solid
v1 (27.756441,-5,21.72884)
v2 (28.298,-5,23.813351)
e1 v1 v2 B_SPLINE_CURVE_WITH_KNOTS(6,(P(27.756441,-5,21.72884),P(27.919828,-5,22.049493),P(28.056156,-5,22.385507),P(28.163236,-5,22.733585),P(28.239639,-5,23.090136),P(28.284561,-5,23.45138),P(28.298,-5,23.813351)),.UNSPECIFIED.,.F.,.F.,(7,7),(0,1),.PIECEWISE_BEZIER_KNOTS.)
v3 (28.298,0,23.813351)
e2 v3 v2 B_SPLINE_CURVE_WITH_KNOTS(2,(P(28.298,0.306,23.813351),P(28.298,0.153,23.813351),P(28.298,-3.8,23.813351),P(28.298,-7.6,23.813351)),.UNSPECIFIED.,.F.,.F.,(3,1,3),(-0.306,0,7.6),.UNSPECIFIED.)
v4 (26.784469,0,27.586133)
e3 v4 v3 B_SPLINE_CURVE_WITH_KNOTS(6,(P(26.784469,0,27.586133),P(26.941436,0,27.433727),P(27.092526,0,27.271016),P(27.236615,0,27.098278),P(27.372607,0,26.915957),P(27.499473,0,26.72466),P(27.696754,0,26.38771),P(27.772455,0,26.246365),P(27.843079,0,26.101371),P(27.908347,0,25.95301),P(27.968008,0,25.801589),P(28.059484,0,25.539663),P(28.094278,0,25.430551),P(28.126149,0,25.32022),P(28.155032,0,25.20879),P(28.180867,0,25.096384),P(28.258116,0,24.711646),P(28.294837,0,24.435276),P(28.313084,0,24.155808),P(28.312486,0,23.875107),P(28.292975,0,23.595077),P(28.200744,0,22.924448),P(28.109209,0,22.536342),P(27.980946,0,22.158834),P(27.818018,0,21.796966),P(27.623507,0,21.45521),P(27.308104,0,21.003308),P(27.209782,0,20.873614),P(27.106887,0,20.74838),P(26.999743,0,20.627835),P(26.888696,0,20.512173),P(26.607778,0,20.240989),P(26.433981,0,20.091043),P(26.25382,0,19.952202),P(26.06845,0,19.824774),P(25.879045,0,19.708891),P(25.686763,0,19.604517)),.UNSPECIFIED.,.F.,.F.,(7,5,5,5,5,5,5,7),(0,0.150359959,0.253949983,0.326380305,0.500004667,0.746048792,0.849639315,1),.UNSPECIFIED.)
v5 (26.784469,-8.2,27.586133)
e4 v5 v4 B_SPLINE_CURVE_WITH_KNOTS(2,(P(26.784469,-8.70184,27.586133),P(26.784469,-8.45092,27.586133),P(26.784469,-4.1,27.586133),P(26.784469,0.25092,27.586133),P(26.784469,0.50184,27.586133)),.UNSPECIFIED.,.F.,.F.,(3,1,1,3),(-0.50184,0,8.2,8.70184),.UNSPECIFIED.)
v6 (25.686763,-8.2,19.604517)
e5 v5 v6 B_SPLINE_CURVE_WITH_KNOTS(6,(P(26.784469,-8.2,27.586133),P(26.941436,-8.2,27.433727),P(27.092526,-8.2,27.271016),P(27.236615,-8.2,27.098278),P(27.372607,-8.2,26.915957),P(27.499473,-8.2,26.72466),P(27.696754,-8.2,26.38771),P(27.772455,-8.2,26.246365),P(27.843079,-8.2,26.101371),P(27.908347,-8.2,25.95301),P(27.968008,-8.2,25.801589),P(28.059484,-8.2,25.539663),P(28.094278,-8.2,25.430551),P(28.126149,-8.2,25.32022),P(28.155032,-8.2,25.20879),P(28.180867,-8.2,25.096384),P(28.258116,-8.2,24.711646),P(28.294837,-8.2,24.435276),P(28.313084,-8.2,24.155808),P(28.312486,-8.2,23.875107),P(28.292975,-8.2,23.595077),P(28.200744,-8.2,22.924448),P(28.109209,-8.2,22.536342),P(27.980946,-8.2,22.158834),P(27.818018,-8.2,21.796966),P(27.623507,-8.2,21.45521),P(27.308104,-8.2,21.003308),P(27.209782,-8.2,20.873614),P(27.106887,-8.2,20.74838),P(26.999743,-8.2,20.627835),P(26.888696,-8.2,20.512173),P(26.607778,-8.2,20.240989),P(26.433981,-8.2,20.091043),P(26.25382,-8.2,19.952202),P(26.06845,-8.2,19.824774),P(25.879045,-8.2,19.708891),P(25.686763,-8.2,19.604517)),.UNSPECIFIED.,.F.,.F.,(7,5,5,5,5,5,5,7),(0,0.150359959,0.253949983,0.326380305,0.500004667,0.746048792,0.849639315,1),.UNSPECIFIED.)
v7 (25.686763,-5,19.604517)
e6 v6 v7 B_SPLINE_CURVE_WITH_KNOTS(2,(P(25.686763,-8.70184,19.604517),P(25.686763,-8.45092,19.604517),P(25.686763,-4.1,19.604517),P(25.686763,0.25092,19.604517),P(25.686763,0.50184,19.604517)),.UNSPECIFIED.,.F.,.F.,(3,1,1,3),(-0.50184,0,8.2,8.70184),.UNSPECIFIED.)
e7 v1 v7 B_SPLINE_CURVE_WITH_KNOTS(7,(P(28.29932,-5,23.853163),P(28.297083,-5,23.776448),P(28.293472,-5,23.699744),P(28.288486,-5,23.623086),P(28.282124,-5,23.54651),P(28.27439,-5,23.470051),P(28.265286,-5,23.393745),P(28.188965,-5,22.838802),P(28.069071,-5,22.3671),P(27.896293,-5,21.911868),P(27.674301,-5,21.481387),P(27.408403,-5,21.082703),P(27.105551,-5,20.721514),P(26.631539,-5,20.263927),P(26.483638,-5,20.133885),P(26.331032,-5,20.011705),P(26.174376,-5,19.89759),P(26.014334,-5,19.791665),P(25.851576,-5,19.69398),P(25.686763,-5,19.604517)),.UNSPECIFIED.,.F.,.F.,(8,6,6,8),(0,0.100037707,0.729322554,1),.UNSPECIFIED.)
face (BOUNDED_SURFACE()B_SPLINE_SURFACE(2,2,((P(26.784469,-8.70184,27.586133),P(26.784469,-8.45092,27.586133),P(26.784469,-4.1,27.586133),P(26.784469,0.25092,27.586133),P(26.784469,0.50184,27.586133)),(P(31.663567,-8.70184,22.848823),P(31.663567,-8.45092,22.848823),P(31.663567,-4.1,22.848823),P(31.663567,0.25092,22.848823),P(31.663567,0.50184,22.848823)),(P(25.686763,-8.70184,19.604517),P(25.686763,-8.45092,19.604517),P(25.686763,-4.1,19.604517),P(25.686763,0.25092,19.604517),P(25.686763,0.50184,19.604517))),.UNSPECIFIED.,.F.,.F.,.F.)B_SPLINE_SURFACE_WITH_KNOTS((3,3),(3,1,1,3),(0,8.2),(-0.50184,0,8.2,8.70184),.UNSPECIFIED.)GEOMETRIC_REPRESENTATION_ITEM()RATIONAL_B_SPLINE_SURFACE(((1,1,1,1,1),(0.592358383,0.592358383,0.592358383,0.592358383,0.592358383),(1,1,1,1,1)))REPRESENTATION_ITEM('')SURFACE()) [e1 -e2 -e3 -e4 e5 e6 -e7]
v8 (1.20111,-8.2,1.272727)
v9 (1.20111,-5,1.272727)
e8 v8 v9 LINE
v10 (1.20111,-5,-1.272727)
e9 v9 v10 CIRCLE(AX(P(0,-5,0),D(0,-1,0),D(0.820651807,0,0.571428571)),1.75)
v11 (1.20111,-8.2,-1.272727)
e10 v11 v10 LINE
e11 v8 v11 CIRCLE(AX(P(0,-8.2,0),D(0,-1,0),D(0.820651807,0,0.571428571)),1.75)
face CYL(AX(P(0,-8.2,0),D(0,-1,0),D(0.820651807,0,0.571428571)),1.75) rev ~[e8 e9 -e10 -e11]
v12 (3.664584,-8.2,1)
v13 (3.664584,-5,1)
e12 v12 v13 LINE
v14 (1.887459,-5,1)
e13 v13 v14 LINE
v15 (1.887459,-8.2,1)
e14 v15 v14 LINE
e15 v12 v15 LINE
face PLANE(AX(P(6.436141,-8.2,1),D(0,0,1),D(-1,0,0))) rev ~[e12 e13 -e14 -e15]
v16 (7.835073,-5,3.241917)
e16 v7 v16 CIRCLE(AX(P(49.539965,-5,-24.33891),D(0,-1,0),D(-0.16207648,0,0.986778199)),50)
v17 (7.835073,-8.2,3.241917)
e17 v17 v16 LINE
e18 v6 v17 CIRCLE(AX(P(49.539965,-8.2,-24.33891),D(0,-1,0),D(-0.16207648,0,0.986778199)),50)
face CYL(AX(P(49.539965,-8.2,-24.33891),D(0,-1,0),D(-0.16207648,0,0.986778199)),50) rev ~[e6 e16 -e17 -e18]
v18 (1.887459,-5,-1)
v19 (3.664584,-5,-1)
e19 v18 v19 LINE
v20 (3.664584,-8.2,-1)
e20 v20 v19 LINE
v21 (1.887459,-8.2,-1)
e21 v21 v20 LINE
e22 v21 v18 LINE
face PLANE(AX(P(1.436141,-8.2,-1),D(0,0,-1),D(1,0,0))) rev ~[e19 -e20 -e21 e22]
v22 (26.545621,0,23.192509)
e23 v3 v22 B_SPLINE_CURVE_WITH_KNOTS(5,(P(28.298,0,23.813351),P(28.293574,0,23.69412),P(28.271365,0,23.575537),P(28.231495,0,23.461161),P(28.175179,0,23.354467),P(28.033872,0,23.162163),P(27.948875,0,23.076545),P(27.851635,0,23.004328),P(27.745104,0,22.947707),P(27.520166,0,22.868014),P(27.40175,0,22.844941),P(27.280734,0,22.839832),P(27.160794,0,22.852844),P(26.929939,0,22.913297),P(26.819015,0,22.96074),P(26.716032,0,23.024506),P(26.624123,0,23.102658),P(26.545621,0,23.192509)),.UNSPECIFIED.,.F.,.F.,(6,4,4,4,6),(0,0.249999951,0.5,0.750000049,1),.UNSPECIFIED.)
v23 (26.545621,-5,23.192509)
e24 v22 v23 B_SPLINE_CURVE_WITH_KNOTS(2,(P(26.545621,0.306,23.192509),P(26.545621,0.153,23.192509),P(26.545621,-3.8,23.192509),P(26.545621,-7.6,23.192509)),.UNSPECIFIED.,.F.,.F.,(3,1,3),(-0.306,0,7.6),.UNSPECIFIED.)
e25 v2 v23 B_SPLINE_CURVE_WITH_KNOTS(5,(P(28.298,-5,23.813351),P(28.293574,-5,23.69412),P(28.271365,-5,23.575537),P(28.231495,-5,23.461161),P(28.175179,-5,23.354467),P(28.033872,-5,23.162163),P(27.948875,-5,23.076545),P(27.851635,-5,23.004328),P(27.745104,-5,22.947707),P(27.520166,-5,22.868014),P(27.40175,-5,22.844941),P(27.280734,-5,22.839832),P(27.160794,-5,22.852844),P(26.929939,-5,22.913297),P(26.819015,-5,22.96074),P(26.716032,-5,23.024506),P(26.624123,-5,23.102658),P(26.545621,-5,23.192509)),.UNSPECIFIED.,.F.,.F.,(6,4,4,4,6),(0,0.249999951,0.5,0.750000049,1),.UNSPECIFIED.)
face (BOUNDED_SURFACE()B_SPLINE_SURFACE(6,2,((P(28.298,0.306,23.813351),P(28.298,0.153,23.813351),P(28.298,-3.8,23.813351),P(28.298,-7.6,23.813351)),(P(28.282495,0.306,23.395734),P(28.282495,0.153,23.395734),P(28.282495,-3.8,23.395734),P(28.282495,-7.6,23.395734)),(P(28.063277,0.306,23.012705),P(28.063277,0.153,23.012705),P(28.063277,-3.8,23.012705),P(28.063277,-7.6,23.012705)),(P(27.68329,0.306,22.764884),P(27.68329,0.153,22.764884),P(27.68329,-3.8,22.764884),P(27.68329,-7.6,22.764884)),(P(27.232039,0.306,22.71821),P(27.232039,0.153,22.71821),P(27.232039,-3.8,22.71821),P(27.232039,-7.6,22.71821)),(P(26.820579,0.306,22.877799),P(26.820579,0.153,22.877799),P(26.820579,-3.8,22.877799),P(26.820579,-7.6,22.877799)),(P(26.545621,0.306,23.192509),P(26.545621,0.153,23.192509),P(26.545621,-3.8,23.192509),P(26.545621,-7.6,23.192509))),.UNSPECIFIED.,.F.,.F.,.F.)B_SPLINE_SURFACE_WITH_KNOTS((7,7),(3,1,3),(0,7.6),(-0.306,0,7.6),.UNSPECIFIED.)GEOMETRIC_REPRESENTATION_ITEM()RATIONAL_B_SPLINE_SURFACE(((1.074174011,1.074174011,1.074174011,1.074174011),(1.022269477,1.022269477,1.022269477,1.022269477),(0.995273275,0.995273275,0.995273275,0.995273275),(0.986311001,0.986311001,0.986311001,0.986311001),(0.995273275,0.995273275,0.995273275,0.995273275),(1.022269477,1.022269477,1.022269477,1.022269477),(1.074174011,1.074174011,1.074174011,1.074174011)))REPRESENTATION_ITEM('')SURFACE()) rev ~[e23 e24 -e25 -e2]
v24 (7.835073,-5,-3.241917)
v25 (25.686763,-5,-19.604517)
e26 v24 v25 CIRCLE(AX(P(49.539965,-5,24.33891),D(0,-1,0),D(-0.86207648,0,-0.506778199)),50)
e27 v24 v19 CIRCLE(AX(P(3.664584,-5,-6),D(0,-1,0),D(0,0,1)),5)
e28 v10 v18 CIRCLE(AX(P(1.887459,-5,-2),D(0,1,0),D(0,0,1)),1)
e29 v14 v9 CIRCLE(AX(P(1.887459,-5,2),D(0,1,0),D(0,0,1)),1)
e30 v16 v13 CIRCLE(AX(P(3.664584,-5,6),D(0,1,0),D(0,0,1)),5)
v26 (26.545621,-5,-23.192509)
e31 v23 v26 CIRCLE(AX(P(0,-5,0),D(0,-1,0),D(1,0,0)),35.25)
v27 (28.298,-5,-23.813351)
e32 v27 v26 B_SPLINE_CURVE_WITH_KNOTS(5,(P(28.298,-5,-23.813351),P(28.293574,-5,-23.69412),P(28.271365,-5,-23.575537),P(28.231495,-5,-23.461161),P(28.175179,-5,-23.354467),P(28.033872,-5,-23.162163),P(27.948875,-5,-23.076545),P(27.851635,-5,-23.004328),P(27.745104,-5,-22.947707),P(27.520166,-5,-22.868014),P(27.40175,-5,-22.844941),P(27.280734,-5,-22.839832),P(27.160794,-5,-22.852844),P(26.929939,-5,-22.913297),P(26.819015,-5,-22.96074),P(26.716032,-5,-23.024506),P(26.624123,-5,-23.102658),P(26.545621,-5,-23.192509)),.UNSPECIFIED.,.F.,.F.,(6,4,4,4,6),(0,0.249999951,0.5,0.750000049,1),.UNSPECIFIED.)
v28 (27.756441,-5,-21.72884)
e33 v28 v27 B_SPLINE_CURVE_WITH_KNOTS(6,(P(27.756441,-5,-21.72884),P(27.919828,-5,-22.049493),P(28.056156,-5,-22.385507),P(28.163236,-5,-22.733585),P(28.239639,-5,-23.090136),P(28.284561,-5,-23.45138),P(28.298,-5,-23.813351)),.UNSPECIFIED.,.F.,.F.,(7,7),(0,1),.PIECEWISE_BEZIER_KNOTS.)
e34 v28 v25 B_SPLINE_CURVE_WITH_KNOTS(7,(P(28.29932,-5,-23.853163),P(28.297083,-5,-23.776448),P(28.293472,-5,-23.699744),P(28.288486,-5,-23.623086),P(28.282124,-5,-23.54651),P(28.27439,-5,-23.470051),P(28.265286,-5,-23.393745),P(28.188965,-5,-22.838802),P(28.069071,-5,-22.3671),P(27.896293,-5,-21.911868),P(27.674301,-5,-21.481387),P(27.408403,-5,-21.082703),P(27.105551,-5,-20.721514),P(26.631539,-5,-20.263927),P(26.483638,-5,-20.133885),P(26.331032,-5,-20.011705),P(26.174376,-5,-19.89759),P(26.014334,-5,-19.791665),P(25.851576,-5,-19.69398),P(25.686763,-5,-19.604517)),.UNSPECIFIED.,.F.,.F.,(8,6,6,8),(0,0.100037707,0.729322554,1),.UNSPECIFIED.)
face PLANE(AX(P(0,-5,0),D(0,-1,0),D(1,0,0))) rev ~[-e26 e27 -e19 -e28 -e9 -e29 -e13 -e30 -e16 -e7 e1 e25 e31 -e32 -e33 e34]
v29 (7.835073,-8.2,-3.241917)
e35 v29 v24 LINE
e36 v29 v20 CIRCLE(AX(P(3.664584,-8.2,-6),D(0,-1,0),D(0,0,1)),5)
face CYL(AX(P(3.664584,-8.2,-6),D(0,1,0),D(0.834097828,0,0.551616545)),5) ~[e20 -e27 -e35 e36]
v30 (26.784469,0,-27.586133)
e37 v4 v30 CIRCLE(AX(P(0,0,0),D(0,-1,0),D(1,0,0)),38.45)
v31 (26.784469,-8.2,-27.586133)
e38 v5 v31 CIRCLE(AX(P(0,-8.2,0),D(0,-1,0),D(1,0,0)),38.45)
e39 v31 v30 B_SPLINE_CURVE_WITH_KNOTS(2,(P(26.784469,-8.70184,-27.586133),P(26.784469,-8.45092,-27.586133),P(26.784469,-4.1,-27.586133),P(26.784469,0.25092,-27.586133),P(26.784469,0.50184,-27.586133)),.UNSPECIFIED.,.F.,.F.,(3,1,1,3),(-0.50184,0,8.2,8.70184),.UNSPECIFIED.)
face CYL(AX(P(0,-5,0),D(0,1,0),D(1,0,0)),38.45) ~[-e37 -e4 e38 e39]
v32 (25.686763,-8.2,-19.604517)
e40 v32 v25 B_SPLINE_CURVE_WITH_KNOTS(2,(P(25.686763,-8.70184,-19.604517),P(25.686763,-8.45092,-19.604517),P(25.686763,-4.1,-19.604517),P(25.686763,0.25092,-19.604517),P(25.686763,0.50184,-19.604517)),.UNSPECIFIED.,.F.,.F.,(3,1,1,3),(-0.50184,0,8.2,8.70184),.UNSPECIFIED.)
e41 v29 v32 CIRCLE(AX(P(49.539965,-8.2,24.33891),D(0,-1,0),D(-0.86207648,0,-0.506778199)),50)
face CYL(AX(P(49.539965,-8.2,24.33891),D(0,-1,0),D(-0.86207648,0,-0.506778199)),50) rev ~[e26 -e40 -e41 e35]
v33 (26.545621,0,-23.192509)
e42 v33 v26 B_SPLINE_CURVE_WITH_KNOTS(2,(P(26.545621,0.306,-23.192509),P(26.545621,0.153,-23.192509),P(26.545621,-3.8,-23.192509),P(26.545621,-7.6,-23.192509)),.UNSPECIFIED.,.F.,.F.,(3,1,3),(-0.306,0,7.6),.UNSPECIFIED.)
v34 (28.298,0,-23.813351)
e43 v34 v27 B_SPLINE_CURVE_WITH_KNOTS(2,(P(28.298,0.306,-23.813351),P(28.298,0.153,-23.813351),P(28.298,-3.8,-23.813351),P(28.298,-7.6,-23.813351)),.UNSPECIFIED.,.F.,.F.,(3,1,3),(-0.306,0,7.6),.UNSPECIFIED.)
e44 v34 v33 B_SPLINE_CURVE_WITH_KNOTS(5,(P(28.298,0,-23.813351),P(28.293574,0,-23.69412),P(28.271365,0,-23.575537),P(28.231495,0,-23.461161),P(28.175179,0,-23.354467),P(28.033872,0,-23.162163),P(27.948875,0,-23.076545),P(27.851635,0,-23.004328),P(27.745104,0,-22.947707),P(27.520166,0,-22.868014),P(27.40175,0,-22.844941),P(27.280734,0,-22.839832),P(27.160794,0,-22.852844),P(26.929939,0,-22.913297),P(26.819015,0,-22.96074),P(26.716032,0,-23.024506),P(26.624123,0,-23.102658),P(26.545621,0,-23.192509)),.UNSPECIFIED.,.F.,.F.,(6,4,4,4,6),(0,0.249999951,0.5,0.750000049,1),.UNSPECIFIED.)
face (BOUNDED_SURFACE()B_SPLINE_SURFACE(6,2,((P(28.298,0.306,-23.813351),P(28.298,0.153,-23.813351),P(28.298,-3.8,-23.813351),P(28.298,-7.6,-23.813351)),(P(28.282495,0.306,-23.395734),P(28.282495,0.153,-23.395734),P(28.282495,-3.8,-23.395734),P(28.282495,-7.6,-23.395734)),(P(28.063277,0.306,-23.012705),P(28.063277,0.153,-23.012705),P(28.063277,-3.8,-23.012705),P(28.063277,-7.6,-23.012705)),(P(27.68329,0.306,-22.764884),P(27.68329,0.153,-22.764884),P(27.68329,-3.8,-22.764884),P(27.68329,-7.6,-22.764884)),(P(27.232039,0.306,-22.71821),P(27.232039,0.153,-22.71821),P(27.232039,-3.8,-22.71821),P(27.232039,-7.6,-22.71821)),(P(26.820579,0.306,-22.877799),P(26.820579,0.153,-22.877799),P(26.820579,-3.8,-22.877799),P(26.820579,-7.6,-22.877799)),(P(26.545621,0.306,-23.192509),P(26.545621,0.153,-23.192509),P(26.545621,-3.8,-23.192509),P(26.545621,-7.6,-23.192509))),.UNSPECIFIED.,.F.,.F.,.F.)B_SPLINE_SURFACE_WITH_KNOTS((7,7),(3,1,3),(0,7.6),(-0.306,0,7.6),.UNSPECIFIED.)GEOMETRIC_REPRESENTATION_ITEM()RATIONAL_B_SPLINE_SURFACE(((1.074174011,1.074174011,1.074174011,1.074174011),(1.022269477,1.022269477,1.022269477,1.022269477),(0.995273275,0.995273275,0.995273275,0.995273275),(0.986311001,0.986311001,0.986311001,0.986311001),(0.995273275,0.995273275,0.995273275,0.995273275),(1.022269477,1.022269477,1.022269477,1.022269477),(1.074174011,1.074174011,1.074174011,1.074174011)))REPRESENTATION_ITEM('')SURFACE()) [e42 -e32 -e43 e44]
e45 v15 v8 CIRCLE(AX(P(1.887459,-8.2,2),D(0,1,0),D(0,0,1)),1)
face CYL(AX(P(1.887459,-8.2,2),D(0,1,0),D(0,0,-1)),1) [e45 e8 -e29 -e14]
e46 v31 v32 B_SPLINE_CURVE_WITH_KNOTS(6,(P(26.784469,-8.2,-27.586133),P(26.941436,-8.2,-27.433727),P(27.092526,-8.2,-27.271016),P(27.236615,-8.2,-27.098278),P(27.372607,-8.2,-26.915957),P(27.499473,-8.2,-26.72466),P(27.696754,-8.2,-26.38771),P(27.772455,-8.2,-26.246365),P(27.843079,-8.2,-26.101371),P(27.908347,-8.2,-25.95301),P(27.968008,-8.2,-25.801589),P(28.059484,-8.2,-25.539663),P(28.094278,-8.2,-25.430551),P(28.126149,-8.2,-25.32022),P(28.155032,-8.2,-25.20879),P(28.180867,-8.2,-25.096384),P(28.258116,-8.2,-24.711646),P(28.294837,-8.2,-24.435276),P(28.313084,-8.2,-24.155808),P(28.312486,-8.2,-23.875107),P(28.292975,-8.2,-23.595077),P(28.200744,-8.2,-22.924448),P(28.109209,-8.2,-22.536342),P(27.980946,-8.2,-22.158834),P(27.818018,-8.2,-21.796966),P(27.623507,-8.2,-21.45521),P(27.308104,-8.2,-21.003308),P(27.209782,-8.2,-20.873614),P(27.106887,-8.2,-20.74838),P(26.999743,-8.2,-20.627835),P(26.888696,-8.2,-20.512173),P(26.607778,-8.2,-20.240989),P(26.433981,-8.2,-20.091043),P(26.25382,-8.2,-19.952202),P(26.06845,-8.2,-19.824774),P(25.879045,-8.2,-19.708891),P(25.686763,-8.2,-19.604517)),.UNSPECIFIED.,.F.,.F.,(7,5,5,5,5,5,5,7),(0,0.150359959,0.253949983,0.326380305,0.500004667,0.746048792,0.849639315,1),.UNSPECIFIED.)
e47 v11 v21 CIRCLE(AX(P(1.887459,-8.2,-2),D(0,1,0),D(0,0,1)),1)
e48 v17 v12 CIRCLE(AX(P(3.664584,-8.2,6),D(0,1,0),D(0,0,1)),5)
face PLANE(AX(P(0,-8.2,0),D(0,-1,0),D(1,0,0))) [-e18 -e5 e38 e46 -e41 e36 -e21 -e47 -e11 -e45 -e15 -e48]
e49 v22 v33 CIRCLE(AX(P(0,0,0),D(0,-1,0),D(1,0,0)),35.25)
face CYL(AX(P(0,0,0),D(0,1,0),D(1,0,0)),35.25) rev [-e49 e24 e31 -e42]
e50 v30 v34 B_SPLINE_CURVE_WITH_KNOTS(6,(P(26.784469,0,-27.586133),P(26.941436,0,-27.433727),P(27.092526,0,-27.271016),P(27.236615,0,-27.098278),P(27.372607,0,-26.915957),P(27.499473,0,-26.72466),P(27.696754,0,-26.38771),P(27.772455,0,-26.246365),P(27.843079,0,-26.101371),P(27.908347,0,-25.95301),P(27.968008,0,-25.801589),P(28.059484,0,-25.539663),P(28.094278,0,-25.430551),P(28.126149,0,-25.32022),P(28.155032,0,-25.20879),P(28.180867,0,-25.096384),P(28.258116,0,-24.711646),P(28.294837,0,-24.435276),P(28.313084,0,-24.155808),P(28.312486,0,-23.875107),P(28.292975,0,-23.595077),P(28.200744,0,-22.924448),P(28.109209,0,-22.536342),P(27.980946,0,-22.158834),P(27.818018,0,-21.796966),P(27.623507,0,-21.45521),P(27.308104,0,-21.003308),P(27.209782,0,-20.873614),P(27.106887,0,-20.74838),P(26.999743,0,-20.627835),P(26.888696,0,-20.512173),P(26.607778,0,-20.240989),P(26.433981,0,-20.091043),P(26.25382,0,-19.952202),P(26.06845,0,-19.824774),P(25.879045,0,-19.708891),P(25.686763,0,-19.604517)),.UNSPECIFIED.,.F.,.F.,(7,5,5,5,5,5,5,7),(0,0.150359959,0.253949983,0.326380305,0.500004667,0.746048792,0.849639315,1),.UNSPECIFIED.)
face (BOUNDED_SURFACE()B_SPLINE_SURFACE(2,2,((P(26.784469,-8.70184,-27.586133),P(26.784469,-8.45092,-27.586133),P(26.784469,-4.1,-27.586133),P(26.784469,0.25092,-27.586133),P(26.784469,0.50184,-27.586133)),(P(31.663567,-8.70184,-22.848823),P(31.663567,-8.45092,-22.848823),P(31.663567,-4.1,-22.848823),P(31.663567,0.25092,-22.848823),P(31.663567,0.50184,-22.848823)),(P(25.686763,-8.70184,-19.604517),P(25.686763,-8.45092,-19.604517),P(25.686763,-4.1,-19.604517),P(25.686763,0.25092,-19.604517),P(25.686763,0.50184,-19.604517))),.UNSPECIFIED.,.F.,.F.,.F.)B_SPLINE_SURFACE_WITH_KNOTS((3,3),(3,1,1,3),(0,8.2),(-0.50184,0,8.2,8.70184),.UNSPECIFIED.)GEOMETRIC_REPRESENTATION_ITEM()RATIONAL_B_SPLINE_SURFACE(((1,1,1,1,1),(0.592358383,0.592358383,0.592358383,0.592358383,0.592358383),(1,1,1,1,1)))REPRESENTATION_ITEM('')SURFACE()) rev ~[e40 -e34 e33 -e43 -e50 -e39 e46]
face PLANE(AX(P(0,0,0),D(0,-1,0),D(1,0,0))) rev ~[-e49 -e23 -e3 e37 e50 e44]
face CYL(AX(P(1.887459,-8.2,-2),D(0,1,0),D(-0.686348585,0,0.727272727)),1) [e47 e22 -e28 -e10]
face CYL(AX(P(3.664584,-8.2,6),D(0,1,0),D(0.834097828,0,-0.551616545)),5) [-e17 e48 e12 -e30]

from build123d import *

# Parameters (mm, degrees)
F0_R     = 38.45
F0_R_2   = 35.25
F1_DEPTH = 5
F2_R     = 38.45
F3_DEPTH = 3.2
F5_DEPTH = 25
F6_R     = 5
F7_R     = 1


with BuildPart() as f1:
    # F0 (on Front) → F1 (new body)
    with BuildSketch(Plane.XZ):
        Circle(F0_R)
        Circle(F0_R_2, mode=Mode.SUBTRACT)
    extrude(amount=F1_DEPTH)

    # F2 (on face) → F3 (join)
    with BuildSketch(Plane.XZ.offset(5)):
        Circle(F2_R)
    extrude(amount=F3_DEPTH)

    # F4 (on face) → F5 (cut)
    with BuildSketch(Plane.XZ.offset(8.2)):
        with BuildLine():
            Line((6.4361406616, 1), (1.4361406616, 1))
            ThreePointArc((1.4361406616, 1), (-1.75, 0), (1.4361406616, -1))
            Line((1.4361406616, -1), (6.4361406616, -1))
            ThreePointArc((6.4361406616, -1), (21.2635468628, -16.8975326234), (41.4361406616, -25))
            Line((41.4361406616, -25), (41.4361406616, 25))
            ThreePointArc((41.4361406616, 25), (21.2635468628, 16.8975326234), (6.4361406616, 1))
        make_face()
    extrude(amount=-F5_DEPTH, mode=Mode.SUBTRACT)

    # F6
    f6_edges = [f1.edges().sort_by_distance(p)[0] for p in [
        (31.364819, -4.1, 22.240743),
        (31.364819, -4.1, -22.240743),
        (6.436141, -6.6, -1),
        (6.436141, -6.6, 1),
    ]]
    fillet(f6_edges, radius=F6_R)

    # F7
    f7_edges = [f1.edges().sort_by_distance(p)[0] for p in [
        (1.436141, -6.6, 1),
        (1.436141, -6.6, -1),
        (27.756441, -2.5, 21.72884),
        (27.756441, -2.5, -21.72884),
    ]]
    fillet(f7_edges, radius=F7_R)


solid = f1.part
